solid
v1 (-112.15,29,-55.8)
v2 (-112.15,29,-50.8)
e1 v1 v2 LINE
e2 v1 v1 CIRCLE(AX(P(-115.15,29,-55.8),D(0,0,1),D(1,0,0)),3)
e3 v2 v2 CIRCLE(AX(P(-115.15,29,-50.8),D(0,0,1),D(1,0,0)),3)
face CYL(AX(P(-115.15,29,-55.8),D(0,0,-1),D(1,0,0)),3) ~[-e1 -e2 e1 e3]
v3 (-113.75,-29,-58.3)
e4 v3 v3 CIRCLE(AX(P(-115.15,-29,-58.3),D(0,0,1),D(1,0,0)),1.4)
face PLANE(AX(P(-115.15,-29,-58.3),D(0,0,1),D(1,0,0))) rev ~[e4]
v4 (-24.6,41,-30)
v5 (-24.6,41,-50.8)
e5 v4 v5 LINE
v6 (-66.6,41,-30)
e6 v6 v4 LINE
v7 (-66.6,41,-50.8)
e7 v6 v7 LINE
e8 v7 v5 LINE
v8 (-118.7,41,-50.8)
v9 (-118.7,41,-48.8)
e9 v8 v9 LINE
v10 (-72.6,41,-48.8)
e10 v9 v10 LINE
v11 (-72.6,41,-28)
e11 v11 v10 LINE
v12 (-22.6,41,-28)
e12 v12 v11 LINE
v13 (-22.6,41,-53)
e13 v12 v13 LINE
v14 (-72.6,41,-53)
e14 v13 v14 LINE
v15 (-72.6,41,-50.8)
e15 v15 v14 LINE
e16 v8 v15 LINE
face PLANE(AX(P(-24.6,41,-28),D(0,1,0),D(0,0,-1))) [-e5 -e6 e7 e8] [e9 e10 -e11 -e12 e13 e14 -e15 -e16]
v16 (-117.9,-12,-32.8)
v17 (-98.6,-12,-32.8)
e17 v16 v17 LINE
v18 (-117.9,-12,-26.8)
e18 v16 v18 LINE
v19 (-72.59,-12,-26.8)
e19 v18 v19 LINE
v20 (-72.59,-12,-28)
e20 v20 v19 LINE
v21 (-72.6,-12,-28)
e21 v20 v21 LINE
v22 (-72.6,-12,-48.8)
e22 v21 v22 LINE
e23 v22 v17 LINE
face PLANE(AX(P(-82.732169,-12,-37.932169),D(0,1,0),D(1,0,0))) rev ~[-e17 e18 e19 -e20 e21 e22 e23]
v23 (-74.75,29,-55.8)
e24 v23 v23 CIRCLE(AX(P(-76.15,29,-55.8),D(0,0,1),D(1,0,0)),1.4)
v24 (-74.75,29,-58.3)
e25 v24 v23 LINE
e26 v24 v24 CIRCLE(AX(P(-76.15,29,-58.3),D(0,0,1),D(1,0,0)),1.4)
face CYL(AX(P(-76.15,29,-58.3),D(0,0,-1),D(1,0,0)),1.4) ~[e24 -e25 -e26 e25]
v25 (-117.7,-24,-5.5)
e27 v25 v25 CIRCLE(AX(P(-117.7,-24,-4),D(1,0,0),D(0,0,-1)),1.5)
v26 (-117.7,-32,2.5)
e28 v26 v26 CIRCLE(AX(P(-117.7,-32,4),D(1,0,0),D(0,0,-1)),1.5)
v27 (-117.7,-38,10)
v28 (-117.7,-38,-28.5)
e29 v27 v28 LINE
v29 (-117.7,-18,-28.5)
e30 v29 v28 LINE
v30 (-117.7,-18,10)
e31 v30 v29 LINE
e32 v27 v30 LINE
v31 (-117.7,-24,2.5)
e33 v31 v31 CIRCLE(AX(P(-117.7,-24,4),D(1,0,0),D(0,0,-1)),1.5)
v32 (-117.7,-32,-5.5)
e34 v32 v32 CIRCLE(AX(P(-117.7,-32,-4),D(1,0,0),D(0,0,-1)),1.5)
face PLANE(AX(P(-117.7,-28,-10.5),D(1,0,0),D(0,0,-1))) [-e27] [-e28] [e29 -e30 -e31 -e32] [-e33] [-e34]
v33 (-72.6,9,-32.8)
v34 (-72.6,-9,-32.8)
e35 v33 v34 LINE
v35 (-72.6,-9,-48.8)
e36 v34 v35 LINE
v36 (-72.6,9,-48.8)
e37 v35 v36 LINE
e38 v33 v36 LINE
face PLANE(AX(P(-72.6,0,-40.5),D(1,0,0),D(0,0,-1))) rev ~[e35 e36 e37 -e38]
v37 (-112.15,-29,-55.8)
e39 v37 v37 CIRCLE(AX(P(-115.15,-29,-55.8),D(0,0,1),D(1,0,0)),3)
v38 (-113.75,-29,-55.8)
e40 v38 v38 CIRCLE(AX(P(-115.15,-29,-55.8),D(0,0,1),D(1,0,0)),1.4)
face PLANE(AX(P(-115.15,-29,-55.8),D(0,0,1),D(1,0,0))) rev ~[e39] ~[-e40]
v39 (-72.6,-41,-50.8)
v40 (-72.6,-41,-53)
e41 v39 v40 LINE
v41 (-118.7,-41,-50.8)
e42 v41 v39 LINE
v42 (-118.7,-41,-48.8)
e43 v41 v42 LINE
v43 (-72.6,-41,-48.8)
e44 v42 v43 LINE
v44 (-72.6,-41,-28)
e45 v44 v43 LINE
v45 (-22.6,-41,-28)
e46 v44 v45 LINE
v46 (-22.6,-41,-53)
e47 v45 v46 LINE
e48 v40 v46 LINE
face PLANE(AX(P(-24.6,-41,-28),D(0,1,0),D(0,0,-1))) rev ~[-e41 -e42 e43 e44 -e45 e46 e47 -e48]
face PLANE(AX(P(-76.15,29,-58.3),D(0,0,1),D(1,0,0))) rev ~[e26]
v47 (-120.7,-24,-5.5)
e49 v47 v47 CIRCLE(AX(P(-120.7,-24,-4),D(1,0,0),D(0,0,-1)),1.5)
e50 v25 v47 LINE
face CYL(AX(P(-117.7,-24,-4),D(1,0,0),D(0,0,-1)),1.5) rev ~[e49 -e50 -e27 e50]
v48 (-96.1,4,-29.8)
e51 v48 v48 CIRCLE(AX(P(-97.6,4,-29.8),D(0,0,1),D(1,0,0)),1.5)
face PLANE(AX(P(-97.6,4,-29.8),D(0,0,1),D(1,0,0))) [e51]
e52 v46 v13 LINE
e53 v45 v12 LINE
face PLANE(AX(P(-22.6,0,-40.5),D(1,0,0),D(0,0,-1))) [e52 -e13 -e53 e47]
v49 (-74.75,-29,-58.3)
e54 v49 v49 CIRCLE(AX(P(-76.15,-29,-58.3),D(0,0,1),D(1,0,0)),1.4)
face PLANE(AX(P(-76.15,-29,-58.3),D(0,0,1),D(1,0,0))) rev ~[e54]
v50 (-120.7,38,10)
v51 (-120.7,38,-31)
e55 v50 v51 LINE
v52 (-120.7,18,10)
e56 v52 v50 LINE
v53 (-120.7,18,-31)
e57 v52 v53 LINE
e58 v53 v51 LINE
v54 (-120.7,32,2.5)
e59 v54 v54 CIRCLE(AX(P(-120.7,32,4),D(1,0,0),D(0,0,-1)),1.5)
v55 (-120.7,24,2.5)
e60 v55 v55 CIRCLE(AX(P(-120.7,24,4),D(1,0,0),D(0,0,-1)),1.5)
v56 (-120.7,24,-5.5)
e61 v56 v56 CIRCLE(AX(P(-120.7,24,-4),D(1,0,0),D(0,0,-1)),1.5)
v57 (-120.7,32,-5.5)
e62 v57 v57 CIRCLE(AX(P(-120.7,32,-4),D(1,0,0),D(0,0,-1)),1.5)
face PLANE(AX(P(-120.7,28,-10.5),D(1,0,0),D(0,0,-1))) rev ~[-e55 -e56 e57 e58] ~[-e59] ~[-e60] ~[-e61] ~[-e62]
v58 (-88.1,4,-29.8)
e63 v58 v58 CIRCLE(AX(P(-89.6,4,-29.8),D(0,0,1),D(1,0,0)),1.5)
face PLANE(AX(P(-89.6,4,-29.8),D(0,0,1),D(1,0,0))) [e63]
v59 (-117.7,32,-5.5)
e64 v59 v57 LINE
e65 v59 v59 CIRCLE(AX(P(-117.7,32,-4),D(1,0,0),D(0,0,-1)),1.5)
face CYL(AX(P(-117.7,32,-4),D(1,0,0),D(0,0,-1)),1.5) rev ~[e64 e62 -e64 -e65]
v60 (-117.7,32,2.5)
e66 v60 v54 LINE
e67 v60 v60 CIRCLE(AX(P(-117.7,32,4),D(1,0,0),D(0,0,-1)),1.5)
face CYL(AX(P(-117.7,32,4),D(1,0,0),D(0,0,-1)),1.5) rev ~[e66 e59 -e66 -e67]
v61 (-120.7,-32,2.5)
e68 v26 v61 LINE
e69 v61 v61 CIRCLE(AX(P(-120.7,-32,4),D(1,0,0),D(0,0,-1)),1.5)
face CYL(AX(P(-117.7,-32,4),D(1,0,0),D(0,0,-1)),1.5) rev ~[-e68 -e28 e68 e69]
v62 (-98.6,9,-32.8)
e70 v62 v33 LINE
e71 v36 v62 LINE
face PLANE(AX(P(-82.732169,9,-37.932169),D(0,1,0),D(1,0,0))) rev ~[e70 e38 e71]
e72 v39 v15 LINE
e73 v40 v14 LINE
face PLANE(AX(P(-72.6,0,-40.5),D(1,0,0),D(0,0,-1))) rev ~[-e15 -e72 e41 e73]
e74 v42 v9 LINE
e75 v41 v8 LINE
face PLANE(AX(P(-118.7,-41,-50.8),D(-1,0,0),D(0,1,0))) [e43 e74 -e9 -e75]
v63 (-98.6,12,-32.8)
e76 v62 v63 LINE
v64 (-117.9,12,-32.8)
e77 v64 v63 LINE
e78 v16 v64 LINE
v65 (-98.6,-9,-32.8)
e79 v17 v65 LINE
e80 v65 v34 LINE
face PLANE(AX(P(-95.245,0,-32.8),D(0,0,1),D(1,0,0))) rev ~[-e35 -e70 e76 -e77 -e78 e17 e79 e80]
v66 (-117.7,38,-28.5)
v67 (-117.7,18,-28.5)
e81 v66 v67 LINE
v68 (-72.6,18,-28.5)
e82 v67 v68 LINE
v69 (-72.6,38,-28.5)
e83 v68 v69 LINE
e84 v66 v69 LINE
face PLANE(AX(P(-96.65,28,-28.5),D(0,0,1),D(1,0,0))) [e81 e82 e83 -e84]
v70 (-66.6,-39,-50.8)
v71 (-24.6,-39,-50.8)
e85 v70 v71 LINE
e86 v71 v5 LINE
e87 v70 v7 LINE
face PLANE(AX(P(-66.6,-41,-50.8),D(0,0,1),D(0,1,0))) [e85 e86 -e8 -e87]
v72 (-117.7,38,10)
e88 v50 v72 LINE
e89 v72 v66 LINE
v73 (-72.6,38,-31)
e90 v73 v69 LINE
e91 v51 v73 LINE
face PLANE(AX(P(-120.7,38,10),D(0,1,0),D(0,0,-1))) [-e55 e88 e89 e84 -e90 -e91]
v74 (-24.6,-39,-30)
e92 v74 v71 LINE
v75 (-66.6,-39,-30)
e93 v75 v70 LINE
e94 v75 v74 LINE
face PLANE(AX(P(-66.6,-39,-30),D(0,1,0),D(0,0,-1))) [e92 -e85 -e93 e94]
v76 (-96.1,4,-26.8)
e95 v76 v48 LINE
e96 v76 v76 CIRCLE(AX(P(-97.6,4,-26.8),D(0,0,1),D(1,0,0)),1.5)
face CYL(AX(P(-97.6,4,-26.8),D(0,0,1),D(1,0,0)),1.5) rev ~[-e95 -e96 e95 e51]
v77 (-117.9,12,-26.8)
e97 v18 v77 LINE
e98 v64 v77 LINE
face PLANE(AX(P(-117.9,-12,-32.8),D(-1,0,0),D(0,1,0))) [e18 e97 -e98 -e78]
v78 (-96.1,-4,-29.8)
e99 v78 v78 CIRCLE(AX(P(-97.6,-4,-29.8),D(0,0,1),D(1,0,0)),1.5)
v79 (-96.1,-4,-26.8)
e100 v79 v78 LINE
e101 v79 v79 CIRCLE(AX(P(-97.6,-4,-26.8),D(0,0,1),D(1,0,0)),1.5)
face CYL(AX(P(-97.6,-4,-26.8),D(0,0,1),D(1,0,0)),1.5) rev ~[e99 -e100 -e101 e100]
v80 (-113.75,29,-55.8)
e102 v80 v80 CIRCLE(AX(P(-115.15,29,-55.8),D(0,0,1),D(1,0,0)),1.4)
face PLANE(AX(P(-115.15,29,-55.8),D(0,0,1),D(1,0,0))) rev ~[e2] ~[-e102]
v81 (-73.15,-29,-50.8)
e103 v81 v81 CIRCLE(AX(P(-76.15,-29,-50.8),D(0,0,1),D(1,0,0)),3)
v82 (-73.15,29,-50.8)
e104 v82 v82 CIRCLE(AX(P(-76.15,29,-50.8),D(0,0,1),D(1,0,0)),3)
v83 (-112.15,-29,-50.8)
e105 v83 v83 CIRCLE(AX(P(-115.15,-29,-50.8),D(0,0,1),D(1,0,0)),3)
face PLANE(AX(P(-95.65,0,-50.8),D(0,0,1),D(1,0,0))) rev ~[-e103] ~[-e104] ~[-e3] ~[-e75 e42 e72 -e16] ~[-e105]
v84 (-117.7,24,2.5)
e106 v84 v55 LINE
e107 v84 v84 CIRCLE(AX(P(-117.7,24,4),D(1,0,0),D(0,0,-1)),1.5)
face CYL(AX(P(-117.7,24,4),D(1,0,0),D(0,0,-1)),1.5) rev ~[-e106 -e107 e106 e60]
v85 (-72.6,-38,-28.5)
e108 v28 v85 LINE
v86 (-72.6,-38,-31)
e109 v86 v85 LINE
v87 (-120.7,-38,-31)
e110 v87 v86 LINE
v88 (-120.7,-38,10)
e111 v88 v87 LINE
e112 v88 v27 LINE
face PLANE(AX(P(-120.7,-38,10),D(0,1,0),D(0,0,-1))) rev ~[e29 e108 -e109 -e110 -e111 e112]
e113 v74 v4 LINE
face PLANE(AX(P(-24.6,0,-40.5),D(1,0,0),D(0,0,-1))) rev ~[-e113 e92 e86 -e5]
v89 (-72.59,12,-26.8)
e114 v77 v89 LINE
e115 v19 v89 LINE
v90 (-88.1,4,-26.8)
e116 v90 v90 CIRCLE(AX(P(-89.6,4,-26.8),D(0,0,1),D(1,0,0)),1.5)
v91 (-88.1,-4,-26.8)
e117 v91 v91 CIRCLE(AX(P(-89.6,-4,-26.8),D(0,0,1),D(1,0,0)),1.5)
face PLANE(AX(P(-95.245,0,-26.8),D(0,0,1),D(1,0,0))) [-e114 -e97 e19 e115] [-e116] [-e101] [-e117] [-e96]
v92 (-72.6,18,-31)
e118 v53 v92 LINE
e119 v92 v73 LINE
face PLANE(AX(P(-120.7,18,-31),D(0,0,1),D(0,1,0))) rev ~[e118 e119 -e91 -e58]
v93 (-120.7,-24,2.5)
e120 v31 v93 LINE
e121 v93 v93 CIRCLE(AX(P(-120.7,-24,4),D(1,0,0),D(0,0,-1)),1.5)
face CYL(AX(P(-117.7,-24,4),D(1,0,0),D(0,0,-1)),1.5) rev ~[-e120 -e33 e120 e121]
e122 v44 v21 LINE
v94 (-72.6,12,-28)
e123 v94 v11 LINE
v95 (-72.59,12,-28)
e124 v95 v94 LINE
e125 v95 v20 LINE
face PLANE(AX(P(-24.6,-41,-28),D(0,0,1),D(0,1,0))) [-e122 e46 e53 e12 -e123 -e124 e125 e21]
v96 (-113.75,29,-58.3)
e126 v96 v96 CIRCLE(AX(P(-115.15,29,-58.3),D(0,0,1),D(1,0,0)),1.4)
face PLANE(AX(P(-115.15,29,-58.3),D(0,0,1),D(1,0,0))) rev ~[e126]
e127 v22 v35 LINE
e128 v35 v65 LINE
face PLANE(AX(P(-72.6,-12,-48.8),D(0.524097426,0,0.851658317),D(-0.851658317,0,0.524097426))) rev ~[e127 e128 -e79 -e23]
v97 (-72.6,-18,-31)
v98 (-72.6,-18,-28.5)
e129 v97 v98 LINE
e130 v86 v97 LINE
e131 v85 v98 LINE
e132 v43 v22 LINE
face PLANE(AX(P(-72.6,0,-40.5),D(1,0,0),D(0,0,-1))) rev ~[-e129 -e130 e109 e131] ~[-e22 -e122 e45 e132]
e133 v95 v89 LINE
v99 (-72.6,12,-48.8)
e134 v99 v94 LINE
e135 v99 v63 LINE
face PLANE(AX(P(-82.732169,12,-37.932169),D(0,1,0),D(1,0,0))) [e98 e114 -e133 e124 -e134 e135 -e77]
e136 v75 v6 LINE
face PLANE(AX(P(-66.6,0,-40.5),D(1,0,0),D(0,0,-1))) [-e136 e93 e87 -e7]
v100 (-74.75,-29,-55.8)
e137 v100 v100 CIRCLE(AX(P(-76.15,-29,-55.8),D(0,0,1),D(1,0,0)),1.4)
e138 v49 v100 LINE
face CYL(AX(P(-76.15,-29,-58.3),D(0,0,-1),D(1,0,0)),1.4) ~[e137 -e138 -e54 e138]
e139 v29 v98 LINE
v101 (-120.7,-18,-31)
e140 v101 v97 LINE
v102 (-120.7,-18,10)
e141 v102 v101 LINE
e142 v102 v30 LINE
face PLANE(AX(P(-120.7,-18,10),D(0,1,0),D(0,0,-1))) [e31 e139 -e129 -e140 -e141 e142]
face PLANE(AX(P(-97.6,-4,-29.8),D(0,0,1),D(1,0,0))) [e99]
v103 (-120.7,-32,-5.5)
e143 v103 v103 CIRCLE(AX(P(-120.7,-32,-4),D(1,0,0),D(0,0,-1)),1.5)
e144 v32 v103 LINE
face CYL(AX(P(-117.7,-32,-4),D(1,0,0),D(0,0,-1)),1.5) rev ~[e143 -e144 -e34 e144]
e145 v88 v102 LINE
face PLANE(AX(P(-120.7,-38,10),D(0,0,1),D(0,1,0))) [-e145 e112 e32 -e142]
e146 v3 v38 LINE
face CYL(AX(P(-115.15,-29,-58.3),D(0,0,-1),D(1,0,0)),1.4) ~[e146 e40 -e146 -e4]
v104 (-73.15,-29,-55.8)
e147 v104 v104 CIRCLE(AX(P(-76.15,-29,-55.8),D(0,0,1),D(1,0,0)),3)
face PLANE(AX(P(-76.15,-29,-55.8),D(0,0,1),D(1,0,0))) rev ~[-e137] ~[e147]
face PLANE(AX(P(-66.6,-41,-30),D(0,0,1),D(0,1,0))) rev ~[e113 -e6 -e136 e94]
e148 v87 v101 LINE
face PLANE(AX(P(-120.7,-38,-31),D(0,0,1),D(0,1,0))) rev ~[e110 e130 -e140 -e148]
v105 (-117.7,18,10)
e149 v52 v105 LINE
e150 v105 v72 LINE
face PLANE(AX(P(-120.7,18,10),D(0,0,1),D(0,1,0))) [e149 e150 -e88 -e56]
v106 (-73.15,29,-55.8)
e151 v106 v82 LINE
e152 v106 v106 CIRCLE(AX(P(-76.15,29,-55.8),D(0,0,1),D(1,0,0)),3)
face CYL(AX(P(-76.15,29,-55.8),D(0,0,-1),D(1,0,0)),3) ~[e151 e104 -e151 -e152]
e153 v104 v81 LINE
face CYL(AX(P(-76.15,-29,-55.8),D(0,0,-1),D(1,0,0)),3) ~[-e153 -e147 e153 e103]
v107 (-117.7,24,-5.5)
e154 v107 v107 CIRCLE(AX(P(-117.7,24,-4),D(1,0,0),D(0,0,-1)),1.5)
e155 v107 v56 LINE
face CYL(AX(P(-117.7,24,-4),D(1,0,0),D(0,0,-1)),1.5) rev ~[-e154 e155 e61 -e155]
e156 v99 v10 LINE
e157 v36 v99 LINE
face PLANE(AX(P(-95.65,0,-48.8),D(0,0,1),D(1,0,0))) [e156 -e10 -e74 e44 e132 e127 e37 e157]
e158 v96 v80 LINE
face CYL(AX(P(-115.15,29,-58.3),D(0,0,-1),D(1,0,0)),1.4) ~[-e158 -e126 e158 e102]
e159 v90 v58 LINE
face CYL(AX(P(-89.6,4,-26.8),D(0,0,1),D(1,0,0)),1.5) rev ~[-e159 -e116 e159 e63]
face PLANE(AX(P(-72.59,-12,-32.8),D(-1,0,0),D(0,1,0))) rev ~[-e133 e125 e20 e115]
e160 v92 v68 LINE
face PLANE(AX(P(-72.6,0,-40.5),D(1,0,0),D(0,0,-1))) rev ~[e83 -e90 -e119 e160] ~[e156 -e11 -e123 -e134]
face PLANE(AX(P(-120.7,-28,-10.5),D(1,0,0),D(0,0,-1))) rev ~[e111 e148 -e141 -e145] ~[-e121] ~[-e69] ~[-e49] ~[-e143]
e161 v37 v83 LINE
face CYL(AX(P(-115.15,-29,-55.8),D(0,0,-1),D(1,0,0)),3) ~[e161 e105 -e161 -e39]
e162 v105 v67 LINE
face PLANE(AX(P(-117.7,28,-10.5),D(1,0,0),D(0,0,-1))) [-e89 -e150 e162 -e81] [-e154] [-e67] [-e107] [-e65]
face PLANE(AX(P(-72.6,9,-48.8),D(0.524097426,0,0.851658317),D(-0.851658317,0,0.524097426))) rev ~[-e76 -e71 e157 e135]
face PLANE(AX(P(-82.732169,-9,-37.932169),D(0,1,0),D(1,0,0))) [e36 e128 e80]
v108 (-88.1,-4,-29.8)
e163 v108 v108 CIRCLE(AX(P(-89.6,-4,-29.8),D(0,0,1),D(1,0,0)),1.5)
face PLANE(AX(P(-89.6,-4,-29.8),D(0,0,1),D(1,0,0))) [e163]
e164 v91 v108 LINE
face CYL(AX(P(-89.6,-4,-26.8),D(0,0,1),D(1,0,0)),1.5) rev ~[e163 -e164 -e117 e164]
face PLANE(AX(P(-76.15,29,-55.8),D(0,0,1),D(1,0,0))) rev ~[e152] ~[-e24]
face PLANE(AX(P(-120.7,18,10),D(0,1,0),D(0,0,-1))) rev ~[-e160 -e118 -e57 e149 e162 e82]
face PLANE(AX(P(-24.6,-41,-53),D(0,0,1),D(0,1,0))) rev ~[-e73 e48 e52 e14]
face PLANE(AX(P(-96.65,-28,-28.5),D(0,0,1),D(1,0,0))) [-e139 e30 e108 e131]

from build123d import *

# Parameters (mm, degrees)
SKETCH1_W            = 25
SKETCH1_H            = 82
BOSS_EXTRUDE1_DEPTH  = 6
SKETCH2_W            = 45.31
SKETCH2_H            = 24
BOSS_EXTRUDE2_DEPTH  = 6
BOSS_EXTRUDE3_DEPTH  = 3
BOSS_EXTRUDE4_DEPTH  = 3
SKETCH5_W            = 41
SKETCH5_H            = 20
BOSS_EXTRUDE5_DEPTH  = 3
SKETCH6_W            = 48.1
SKETCH6_H            = 20
BOSS_EXTRUDE6_DEPTH  = 2.5
SKETCH7_W            = 41
SKETCH7_H            = 20
BOSS_EXTRUDE7_DEPTH  = 3
SKETCH8_W            = 48.1
SKETCH8_H            = 20
BOSS_EXTRUDE8_DEPTH  = 2.5
SKETCH9_R            = 1.5
CUT_EXTRUDE1_DEPTH   = 3
SKETCH10_R           = 1.5
CUT_EXTRUDE2_DEPTH   = 3
SKETCH11_W           = 46.1
SKETCH11_H           = 82
BOSS_EXTRUDE9_DEPTH  = 2
SKETCH12_R           = 3
BOSS_EXTRUDE10_DEPTH = 5
SKETCH13_R           = 1.4
BOSS_EXTRUDE11_DEPTH = 2.5
SKETCH14_W           = 2
SKETCH14_H           = 82
BOSS_EXTRUDE12_DEPTH = 42
SKETCH15_W           = 2.2
SKETCH15_H           = 82
BOSS_EXTRUDE13_DEPTH = 42
SKETCH16_W           = 20.8
SKETCH16_H           = 2
BOSS_EXTRUDE14_DEPTH = 42
SKETCH17_W           = 25
SKETCH17_H           = 82
BOSS_EXTRUDE15_DEPTH = 2


with BuildPart() as part:
    # Sketch1 → Boss-Extrude1 (new body)
    with BuildSketch(Plane(origin=(-72.6, 0, 0), x_dir=(0, 0, -1), z_dir=(1, 0, 0))):
        with Locations((40.5, 0)):
            Rectangle(SKETCH1_W, SKETCH1_H)
    extrude(amount=BOSS_EXTRUDE1_DEPTH)

    # Sketch2 → Boss-Extrude2 (add)
    with BuildSketch(Plane.XY.offset(-32.8)):
        with Locations((-95.245, 0)):
            Rectangle(SKETCH2_W, SKETCH2_H)
    extrude(amount=BOSS_EXTRUDE2_DEPTH)

    # Sketch3 → Boss-Extrude3 (add)
    with BuildSketch(Plane(origin=(0, 9, 0), x_dir=(1, 0, 0), z_dir=(0, 1, 0))):
        Polygon((-72.6, 32.8), (-72.6, 48.8), (-98.6, 32.8), align=None)
    extrude(amount=BOSS_EXTRUDE3_DEPTH)

    # Sketch4 → Boss-Extrude4 (add)
    with BuildSketch(Plane(origin=(0, -12, 0), x_dir=(1, 0, 0), z_dir=(0, 1, 0))):
        Polygon((-72.6, 32.8), (-72.6, 48.8), (-98.6, 32.8), align=None)
    extrude(amount=BOSS_EXTRUDE4_DEPTH)



with BuildPart() as body_2:
    # Sketch5 → Boss-Extrude5 (new body)
    with BuildSketch(Plane(origin=(-120.7, 0, 0), x_dir=(0, 0, -1), z_dir=(1, 0, 0))):
        with Locations((10.5, 28)):
            Rectangle(SKETCH5_W, SKETCH5_H)
    extrude(amount=BOSS_EXTRUDE5_DEPTH)


with BuildPart() as part_1:
    add(part.part)

    add(body_2.part)  # Boss-Extrude6 merges body 2
    # Sketch6 → Boss-Extrude6 (add)
    with BuildSketch(Plane.XY.offset(-31)):
        with Locations((-96.65, 28)):
            Rectangle(SKETCH6_W, SKETCH6_H)
    extrude(amount=BOSS_EXTRUDE6_DEPTH)



with BuildPart() as body_2_2:
    # Sketch7 → Boss-Extrude7 (new body)
    with BuildSketch(Plane(origin=(-120.7, 0, 0), x_dir=(0, 0, -1), z_dir=(1, 0, 0))):
        with Locations((10.5, -28)):
            Rectangle(SKETCH7_W, SKETCH7_H)
    extrude(amount=BOSS_EXTRUDE7_DEPTH)


with BuildPart() as part_2:
    add(part_1.part)

    add(body_2_2.part)  # Boss-Extrude8 merges body 2 2
    # Sketch8 → Boss-Extrude8 (add)
    with BuildSketch(Plane.XY.offset(-31)):
        with Locations((-96.65, -28)):
            Rectangle(SKETCH8_W, SKETCH8_H)
    extrude(amount=BOSS_EXTRUDE8_DEPTH)

    # Sketch9 → Cut-Extrude1 (cut)
    with BuildSketch(Plane(origin=(-117.7, 0, 0), x_dir=(0, 0, -1), z_dir=(1, 0, 0))):
        with Locations((-4, 24)):
            Circle(SKETCH9_R)
        with Locations((4, 24)):
            Circle(SKETCH9_R)
        with Locations((-4, 32)):
            Circle(SKETCH9_R)
        with Locations((4, 32)):
            Circle(SKETCH9_R)
        with Locations((-4, -32)):
            Circle(SKETCH9_R)
        with Locations((4, -32)):
            Circle(SKETCH9_R)
        with Locations((-4, -24)):
            Circle(SKETCH9_R)
        with Locations((4, -24)):
            Circle(SKETCH9_R)
    extrude(amount=-CUT_EXTRUDE1_DEPTH, mode=Mode.SUBTRACT)

    # Sketch10 → Cut-Extrude2 (cut)
    with BuildSketch(Plane.XY.offset(-26.8)):
        with Locations((-89.6, 4)):
            Circle(SKETCH10_R)
        with Locations((-89.6, -4)):
            Circle(SKETCH10_R)
        with Locations((-97.6, 4)):
            Circle(SKETCH10_R)
        with Locations((-97.6, -4)):
            Circle(SKETCH10_R)
    extrude(amount=-CUT_EXTRUDE2_DEPTH, mode=Mode.SUBTRACT)

    # Sketch11 → Boss-Extrude9 (add)
    with BuildSketch(Plane.XY.offset(-50.8)):
        with Locations((-95.65, 0)):
            Rectangle(SKETCH11_W, SKETCH11_H)
    extrude(amount=BOSS_EXTRUDE9_DEPTH)

    # Sketch12 → Boss-Extrude10 (add)
    with BuildSketch(Plane.XY.offset(-55.8)):
        with Locations((-115.15, -29)):
            Circle(SKETCH12_R)
        with Locations((-115.15, 29)):
            Circle(SKETCH12_R)
        with Locations((-76.15, -29)):
            Circle(SKETCH12_R)
        with Locations((-76.15, 29)):
            Circle(SKETCH12_R)
    extrude(amount=BOSS_EXTRUDE10_DEPTH)

    # Sketch13 → Boss-Extrude11 (add)
    with BuildSketch(Plane.XY.offset(-58.3)):
        with Locations((-115.15, -29)):
            Circle(SKETCH13_R)
        with Locations((-115.15, 29)):
            Circle(SKETCH13_R)
        with Locations((-76.15, -29)):
            Circle(SKETCH13_R)
        with Locations((-76.15, 29)):
            Circle(SKETCH13_R)
    extrude(amount=BOSS_EXTRUDE11_DEPTH)

    # Sketch14 → Boss-Extrude12 (add)
    with BuildSketch(Plane(origin=(-66.6, 0, 0), x_dir=(0, 0, -1), z_dir=(1, 0, 0))):
        with Locations((29, 0)):
            Rectangle(SKETCH14_W, SKETCH14_H)
    extrude(amount=BOSS_EXTRUDE12_DEPTH)

    # Sketch15 → Boss-Extrude13 (add)
    with BuildSketch(Plane(origin=(-66.6, 0, 0), x_dir=(0, 0, -1), z_dir=(1, 0, 0))):
        with Locations((51.9, 0)):
            Rectangle(SKETCH15_W, SKETCH15_H)
    extrude(amount=BOSS_EXTRUDE13_DEPTH)

    # Sketch16 → Boss-Extrude14 (add)
    with BuildSketch(Plane(origin=(-66.6, 0, 0), x_dir=(0, 0, -1), z_dir=(1, 0, 0))):
        with Locations((40.4, -40)):
            Rectangle(SKETCH16_W, SKETCH16_H)
    extrude(amount=BOSS_EXTRUDE14_DEPTH)

    # Sketch17 → Boss-Extrude15 (add)
    with BuildSketch(Plane(origin=(-24.6, 0, 0), x_dir=(0, 0, -1), z_dir=(1, 0, 0))):
        with Locations((40.5, 0)):
            Rectangle(SKETCH17_W, SKETCH17_H)
    extrude(amount=BOSS_EXTRUDE15_DEPTH)


solid = part_2.part
